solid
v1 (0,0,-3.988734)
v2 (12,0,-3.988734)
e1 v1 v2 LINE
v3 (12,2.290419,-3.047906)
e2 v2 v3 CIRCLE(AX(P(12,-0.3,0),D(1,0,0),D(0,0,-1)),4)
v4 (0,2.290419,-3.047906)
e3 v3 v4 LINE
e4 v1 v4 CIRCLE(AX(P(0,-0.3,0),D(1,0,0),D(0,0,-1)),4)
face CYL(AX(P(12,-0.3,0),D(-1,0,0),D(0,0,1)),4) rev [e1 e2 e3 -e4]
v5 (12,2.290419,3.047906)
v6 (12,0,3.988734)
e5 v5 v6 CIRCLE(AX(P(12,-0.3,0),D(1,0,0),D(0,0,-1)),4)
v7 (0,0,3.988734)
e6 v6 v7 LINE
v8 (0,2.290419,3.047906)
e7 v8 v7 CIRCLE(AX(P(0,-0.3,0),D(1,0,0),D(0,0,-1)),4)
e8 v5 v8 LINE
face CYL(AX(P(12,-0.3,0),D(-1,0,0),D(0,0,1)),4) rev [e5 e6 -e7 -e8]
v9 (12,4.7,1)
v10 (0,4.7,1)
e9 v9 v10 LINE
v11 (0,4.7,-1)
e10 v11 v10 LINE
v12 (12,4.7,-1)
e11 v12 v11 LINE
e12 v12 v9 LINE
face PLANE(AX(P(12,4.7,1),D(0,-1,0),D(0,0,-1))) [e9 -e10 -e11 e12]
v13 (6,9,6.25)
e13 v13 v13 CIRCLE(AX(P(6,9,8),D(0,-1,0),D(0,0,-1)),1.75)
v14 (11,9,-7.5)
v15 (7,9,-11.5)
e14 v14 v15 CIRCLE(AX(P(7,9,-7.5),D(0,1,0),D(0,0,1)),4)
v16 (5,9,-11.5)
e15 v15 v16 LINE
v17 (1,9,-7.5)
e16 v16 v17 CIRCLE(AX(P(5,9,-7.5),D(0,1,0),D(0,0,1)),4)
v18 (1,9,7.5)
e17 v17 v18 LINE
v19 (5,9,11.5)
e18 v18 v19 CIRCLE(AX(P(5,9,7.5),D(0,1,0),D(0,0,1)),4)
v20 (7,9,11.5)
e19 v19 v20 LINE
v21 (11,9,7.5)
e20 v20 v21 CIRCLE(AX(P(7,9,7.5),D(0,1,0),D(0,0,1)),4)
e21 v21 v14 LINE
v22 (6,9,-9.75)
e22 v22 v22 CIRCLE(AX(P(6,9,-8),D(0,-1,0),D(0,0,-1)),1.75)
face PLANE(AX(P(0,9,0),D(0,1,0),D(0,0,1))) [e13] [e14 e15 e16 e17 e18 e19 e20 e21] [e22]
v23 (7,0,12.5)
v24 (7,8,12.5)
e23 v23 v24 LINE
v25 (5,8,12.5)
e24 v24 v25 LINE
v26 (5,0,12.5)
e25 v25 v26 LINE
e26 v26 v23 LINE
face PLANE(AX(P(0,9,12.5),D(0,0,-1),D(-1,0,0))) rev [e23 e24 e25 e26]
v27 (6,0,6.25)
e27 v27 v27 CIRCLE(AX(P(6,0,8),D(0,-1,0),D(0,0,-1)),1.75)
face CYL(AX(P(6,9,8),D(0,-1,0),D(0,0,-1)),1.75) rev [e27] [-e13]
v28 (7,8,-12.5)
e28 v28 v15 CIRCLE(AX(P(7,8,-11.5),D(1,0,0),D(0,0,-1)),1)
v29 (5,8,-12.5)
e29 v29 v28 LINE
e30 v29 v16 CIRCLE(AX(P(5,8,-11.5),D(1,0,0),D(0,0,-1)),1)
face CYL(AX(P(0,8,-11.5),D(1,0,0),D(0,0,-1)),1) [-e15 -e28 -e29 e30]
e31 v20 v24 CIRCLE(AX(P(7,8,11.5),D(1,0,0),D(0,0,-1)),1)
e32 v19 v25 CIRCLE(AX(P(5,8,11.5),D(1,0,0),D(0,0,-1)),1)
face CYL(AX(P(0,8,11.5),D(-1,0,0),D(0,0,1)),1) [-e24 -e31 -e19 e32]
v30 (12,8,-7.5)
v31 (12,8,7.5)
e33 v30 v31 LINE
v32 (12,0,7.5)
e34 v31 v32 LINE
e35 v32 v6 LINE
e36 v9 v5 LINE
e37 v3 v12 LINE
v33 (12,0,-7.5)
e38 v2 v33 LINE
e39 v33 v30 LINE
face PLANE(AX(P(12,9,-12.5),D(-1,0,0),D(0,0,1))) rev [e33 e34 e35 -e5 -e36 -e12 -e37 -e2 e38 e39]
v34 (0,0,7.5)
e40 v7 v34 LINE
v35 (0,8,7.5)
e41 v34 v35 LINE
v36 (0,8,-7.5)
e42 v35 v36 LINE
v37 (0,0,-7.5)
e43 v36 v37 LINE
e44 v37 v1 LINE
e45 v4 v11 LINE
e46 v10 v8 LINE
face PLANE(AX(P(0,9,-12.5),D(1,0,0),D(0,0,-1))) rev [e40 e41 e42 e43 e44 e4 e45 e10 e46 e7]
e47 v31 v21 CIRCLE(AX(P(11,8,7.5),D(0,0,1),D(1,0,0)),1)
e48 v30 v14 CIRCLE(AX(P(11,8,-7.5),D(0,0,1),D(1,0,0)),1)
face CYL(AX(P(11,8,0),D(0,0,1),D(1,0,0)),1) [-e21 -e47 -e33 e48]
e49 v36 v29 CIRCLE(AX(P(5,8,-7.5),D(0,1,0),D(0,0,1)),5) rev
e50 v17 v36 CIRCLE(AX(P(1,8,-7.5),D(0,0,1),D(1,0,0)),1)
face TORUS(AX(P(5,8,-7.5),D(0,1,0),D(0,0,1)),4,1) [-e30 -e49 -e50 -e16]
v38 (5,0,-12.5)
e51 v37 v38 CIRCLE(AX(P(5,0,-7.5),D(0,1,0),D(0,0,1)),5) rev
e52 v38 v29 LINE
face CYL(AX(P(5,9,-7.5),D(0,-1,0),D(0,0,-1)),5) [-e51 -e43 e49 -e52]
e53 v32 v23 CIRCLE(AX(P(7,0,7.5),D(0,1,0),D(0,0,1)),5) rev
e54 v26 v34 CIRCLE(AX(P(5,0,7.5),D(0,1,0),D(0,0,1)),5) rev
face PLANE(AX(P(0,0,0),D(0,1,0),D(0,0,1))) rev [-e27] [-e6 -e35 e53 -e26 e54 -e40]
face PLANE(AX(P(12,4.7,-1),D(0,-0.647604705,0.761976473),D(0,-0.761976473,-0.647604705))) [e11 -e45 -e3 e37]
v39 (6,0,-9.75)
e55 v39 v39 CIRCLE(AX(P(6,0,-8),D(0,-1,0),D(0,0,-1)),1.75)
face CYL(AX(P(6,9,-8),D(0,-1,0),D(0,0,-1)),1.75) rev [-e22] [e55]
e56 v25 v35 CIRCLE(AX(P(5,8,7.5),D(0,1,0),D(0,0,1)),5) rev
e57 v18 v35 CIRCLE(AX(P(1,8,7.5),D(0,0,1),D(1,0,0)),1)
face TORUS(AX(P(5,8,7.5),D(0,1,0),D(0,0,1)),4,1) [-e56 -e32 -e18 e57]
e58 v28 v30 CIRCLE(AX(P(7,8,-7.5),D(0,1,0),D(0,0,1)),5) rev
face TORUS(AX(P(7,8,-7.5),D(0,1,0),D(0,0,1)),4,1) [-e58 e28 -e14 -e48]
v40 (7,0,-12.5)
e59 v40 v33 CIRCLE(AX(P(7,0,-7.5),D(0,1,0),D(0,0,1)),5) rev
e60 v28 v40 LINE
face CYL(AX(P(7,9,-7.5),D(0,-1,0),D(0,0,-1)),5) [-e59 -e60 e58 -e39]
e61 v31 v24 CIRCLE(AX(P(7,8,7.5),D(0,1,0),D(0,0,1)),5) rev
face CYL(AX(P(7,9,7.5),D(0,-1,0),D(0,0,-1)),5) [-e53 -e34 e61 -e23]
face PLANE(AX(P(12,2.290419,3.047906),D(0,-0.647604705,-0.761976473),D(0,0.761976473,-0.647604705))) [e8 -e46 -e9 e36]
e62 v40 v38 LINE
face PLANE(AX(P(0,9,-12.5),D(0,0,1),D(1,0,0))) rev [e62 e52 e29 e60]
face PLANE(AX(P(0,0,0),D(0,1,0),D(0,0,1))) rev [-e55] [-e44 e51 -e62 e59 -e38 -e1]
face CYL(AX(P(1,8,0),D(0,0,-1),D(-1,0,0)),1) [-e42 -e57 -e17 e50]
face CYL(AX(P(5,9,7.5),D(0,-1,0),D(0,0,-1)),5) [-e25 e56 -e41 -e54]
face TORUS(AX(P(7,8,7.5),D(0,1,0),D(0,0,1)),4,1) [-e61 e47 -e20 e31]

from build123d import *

# Parameters (mm, degrees)
CROQUIS1_W              = 12
CROQUIS1_H              = 25
SALIENTE_EXTRUIR1_DEPTH = 9
CORTAR_EXTRUIR1_DEPTH   = 13
CROQUIS4_R              = 1.75
CORTAR_EXTRUIR2_DEPTH   = 10
REDONDEO1_R             = 5
REDONDEO2_R             = 1


with BuildPart() as part:
    # Croquis1 → Saliente-Extruir1 (new body)
    with BuildSketch(Plane(origin=(0, 0, 0), x_dir=(1, 0, 0), z_dir=(0, 1, 0))):
        with Locations((6, 0)):
            Rectangle(CROQUIS1_W, CROQUIS1_H)
    extrude(amount=SALIENTE_EXTRUIR1_DEPTH)

    # Croquis3 → Cortar-Extruir1 (cut, through all)
    with BuildSketch(Plane(origin=(0, 0, 0), x_dir=(0, 0, -1), z_dir=(1, 0, 0))):
        with BuildLine():
            Line((-3.047905892, 2.290418822), (-1, 4.7))
            Line((-1, 4.7), (1, 4.7))
            Line((1, 4.7), (3.047905892, 2.290418822))
            ThreePointArc((3.047905892, 2.290418822), (0, -4.3), (-3.047905892, 2.290418822))
        make_face()
    extrude(amount=CORTAR_EXTRUIR1_DEPTH, mode=Mode.SUBTRACT)

    # Croquis4 → Cortar-Extruir2 (cut, through all)
    with BuildSketch(Plane.XZ):
        with Locations((6, 8)):
            Circle(CROQUIS4_R)
        with Locations((6, -8)):
            Circle(CROQUIS4_R)
    extrude(amount=-CORTAR_EXTRUIR2_DEPTH, mode=Mode.SUBTRACT)

    # Redondeo1
    redondeo1_edges = [part.edges().sort_by_distance(p)[0] for p in [
        (0, 4.5, -12.5),
        (12, 4.5, -12.5),
        (12, 4.5, 12.5),
        (0, 4.5, 12.5),
    ]]
    fillet(redondeo1_edges, radius=REDONDEO1_R)

    # Redondeo2
    redondeo2_edges = [part.edges().sort_by_distance(p)[0] for p in [
        (0, 9, 0),
        (6, 9, -12.5),
        (6, 9, 12.5),
        (12, 9, 0),
        (1.464466094, 9, 11.035533906),
        (10.535533906, 9, 11.035533906),
        (10.535533906, 9, -11.035533906),
        (1.464466094, 9, -11.035533906),
    ]]
    fillet(redondeo2_edges, radius=REDONDEO2_R)


solid = part.part
